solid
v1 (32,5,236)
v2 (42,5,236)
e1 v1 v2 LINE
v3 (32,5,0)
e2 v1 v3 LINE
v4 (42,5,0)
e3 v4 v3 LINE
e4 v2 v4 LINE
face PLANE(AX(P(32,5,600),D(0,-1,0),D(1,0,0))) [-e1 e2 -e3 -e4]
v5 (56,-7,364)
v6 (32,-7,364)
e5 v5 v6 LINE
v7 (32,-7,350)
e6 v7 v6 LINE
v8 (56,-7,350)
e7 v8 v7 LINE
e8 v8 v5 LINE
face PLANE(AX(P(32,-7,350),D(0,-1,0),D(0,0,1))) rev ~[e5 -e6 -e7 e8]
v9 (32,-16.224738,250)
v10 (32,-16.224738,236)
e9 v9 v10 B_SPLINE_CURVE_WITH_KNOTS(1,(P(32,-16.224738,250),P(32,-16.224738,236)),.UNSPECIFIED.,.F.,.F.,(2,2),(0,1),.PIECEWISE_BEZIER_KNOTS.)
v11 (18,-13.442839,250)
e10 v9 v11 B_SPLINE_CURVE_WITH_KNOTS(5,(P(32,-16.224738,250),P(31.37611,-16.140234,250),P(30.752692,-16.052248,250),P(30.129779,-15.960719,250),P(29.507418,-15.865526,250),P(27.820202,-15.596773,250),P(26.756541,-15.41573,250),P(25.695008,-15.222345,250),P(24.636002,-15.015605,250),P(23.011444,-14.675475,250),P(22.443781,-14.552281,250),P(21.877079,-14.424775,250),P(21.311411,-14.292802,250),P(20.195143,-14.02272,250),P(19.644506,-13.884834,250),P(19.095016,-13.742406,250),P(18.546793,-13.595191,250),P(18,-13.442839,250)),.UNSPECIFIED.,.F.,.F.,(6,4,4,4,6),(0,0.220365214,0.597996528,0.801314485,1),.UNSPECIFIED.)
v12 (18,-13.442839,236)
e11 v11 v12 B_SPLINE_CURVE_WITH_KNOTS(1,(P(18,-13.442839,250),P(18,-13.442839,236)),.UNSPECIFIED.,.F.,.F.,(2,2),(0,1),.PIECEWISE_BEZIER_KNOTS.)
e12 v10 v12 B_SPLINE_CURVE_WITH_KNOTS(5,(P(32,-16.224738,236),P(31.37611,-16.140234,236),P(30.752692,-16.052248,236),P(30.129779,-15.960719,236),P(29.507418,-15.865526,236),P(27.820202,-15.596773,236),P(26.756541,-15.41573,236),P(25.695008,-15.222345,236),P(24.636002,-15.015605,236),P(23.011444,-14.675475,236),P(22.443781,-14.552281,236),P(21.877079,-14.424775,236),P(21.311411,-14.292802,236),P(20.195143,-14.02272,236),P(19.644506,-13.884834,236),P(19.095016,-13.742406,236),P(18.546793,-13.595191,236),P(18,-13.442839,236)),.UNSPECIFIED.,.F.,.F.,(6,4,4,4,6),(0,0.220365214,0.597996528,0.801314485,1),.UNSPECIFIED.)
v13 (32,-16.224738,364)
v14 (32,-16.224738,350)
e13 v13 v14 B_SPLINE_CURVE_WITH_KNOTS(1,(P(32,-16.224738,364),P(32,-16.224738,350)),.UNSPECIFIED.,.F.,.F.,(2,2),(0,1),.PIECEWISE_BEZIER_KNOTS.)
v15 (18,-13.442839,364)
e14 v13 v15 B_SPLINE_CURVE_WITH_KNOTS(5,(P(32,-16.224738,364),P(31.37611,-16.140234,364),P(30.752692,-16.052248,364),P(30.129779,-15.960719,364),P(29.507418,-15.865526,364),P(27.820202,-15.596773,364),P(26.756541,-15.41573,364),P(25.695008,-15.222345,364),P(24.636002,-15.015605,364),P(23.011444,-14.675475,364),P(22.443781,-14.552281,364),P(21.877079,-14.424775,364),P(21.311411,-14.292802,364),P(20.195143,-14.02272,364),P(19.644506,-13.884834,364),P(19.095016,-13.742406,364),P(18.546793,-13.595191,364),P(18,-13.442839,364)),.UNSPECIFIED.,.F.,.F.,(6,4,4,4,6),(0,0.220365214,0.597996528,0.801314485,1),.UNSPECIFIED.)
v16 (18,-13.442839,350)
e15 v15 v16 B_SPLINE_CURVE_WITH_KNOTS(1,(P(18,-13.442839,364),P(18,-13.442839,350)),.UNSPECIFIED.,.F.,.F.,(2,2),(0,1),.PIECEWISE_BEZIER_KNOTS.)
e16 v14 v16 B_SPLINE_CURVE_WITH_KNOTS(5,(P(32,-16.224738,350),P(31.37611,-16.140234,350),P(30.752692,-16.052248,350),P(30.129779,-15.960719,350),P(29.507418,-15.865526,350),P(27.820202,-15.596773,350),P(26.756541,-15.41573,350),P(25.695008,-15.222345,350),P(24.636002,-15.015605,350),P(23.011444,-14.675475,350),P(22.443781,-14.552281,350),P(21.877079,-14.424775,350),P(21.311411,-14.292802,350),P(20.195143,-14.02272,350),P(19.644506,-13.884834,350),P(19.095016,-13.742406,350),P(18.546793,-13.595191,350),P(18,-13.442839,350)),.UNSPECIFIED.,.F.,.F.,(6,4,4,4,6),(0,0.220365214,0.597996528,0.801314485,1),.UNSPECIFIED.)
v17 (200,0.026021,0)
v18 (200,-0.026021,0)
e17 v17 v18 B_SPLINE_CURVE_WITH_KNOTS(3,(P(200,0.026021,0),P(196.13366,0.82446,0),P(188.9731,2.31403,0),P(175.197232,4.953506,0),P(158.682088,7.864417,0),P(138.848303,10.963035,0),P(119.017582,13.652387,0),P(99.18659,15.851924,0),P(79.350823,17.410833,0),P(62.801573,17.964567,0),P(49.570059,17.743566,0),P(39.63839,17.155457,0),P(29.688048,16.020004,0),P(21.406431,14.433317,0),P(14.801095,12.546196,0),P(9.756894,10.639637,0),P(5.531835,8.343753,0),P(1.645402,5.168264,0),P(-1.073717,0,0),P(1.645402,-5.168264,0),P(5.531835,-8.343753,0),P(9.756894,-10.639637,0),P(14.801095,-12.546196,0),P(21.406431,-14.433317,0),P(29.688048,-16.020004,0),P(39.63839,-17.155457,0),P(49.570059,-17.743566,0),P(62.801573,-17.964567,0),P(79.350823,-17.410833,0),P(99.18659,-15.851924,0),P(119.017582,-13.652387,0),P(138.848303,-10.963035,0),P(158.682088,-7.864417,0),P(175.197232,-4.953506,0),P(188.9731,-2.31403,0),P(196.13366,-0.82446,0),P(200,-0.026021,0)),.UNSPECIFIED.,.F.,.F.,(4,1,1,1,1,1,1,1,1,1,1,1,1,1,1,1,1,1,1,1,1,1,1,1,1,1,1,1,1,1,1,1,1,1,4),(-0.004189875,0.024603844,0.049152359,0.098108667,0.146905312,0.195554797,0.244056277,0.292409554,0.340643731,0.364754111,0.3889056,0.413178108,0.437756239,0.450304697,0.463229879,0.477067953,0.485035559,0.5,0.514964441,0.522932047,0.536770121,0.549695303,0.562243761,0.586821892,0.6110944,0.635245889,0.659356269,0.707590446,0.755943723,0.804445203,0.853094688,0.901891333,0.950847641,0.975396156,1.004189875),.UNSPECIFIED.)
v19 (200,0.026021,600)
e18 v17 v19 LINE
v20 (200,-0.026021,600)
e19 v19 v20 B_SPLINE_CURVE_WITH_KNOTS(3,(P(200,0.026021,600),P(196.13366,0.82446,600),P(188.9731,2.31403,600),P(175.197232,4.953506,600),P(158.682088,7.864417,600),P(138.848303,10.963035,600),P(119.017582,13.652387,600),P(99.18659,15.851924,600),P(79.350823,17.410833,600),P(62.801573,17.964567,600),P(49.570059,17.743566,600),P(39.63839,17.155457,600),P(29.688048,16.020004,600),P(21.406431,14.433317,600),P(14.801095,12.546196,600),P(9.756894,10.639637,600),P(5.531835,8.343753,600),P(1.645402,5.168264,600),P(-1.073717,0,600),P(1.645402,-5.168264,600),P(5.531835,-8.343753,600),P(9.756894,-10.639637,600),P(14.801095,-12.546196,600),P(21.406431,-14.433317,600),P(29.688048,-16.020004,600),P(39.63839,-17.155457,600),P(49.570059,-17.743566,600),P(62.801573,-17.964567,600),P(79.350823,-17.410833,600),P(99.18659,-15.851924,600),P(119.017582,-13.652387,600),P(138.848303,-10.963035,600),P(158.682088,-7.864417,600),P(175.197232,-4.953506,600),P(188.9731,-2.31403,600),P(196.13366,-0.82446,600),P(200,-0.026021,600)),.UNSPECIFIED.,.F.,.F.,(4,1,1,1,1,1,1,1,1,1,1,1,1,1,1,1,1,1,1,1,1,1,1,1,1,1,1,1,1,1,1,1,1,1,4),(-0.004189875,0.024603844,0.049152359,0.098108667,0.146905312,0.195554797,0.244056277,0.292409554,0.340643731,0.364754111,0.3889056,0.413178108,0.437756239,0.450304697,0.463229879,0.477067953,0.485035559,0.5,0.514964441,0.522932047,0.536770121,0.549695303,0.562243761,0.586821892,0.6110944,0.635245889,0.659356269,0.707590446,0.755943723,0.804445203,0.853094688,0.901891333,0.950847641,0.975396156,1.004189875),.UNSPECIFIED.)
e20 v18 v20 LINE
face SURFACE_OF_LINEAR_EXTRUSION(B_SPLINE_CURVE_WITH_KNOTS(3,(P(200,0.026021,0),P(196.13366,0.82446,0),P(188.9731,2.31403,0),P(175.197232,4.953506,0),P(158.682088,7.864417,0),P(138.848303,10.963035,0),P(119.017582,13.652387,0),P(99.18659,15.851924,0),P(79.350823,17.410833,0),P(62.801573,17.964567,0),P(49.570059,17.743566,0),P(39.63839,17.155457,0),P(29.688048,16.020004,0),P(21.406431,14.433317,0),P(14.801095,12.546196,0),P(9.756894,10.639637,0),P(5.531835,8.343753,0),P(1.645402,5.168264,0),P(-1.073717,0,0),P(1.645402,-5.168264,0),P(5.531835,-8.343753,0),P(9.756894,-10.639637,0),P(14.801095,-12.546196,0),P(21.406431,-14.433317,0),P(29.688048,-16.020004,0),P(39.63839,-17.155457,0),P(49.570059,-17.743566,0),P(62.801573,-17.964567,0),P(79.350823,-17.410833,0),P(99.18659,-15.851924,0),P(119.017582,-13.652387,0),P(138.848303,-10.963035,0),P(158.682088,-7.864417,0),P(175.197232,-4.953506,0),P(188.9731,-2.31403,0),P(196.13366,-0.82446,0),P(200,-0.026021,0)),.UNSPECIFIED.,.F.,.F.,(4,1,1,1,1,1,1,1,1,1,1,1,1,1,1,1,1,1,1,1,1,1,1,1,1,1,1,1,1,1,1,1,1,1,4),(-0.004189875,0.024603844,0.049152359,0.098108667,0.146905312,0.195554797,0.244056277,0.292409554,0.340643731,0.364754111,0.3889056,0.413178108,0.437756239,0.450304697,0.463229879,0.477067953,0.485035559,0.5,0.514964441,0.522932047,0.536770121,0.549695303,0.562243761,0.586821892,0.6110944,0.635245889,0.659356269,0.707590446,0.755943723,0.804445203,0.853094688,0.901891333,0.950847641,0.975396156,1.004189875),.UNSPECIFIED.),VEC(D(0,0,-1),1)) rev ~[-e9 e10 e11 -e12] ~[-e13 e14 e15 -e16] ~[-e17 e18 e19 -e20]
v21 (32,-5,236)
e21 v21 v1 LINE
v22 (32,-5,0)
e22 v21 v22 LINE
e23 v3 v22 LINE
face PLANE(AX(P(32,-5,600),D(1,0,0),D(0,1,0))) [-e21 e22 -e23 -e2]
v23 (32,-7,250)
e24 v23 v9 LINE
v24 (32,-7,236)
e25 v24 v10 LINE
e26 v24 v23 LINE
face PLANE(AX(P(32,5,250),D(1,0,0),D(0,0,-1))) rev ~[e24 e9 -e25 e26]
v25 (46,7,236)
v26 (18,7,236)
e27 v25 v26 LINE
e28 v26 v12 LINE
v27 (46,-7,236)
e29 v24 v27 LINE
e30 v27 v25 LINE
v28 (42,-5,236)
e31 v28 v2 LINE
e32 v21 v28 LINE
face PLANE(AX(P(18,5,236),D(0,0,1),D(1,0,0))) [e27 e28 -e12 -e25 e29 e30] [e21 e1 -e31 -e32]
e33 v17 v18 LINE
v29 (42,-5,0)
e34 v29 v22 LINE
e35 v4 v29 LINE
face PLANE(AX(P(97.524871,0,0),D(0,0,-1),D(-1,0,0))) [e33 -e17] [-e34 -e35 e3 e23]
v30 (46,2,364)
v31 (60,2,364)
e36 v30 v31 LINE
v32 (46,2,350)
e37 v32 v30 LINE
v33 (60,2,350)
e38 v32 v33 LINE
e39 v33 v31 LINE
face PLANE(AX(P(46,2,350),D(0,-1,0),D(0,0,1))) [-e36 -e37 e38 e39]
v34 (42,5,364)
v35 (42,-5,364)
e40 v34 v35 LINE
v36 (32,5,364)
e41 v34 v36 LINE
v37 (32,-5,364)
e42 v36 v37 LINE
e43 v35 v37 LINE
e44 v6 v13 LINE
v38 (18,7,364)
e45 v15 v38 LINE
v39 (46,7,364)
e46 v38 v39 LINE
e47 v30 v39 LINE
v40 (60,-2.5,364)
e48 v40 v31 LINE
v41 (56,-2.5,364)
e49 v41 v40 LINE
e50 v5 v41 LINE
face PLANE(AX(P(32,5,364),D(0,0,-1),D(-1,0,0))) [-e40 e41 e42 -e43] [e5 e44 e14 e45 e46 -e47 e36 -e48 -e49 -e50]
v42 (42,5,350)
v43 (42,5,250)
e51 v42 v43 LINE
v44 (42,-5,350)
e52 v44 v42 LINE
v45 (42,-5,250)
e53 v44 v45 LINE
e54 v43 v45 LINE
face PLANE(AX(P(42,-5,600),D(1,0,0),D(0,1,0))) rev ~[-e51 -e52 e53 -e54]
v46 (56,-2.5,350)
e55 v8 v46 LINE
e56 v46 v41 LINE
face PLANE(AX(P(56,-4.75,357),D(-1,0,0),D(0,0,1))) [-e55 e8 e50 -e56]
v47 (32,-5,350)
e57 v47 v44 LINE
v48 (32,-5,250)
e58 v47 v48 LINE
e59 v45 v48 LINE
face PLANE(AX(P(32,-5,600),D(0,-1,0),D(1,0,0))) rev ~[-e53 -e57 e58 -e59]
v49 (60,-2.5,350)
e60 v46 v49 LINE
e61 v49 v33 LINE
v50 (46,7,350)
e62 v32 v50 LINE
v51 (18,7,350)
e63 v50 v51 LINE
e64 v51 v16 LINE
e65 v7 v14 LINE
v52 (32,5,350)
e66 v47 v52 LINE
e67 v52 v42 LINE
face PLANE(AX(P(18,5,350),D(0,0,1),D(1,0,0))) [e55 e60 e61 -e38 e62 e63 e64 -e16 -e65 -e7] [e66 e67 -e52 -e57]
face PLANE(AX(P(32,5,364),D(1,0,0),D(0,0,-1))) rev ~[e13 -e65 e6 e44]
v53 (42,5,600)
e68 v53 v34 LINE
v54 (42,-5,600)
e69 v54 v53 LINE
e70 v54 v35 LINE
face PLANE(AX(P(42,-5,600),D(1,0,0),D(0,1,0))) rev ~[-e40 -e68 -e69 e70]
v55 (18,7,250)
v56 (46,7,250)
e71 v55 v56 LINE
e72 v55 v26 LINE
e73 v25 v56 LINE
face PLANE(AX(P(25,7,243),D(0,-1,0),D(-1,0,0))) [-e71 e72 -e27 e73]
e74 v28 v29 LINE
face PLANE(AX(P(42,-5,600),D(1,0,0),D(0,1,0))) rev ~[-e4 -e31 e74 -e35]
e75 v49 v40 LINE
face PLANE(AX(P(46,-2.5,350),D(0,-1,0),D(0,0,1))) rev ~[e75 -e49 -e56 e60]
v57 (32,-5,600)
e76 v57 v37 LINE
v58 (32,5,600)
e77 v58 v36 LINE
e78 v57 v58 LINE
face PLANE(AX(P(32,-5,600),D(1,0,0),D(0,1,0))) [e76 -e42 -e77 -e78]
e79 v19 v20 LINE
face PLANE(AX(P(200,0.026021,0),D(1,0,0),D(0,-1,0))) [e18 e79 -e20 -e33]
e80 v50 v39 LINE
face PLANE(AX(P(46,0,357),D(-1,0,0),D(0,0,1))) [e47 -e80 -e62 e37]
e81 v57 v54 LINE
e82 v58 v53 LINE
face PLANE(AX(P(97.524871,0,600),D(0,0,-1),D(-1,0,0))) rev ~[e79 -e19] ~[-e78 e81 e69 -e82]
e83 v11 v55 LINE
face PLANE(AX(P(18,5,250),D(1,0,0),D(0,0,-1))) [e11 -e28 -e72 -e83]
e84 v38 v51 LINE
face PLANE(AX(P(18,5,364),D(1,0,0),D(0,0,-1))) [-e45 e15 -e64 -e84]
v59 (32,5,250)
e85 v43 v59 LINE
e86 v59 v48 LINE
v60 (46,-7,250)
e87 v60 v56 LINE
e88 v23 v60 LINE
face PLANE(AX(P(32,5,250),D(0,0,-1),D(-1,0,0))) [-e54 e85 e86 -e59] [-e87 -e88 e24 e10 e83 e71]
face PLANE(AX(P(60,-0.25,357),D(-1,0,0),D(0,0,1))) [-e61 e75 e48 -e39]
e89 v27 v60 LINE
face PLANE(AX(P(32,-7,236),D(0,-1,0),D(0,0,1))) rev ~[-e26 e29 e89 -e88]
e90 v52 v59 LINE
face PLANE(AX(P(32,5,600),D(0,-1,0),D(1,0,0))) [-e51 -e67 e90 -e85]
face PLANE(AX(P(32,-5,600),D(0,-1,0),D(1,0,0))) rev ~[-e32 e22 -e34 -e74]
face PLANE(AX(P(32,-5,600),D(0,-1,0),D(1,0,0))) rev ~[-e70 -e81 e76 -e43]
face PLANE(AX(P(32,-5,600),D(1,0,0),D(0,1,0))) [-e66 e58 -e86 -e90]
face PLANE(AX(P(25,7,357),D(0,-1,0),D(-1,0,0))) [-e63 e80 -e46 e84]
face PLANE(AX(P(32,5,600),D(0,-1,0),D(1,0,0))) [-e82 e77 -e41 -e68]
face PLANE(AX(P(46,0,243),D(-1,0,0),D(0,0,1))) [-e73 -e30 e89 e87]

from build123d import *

# Parameters (mm, degrees)
BOSS_EXTRUDE1_DEPTH     = 600
SKETCH6_W               = 10
SKETCH6_H               = 5
CUT_EXTRUDE2_DEPTH      = 656
SKETCH8_W               = 10
SKETCH8_H               = 14
SKETCH8_W_2             = 2
CUT_EXTRUDE4_DEPTH      = 42
CUT_EXTRUDE4_DEPTH_BACK = 2
SKETCH9_W               = 14
SKETCH9_H               = 14
CUT_EXTRUDE5_DEPTH      = 14
SKETCH10_W              = 14
SKETCH10_H              = 14
CUT_EXTRUDE6_DEPTH      = 14
SKETCH11_W              = 10
SKETCH11_H              = 10
CUT_EXTRUDE7_DEPTH      = 654
SKETCH12_W              = 10
SKETCH12_H              = 10
BOSS_EXTRUDE3_DEPTH     = 600
SKETCH13_W              = 10
SKETCH13_H              = 14
CUT_EXTRUDE8_DEPTH      = 10
SKETCH14_W              = 10
SKETCH14_H              = 14
CUT_EXTRUDE9_DEPTH      = 10
SKETCH16_W              = 14
SKETCH16_H              = 4.5
CUT_EXTRUDE10_DEPTH     = 10
SKETCH17_W              = 14
SKETCH17_H              = 4.5
CUT_EXTRUDE11_DEPTH     = 14


with BuildPart() as part:
    # Sketch2 → Boss-Extrude1 (new body)
    with BuildSketch(Plane.XY):
        with BuildLine():
            Line((200, 0.026021305), (200, -0.026021313))
            add(Edge.make_bspline(
                [(200, 0.026021305), (196.133660298, 0.824460007), (188.973100367, 2.314029776), (175.197231938, 4.95350612), (158.682087923, 7.864416996), (138.848303334, 10.963035098), (119.017582397, 13.652387002), (99.186590163, 15.851924276), (79.350823181, 17.41083287), (62.801573061, 17.964567123), (49.570059005, 17.74356646), (39.638389621, 17.155457266), (29.688048318, 16.020003739), (21.406431266, 14.43331701), (14.801094645, 12.546196453), (9.75689383, 10.639636938), (5.531834741, 8.343752603), (1.645401824, 5.168264306), (-1.073716587, 0), (1.645401824, -5.168264306), (5.53183474, -8.343752603), (9.756893829, -10.639636938), (14.801094645, -12.546196453), (21.406431266, -14.43331701), (29.688048318, -16.02000374), (39.63838962, -17.155457267), (49.570059005, -17.743566462), (62.801573061, -17.964567125), (79.350823181, -17.410832873), (99.186590162, -15.85192428), (119.017582396, -13.652387007), (138.848303334, -10.963035103), (158.682087923, -7.864417002), (175.197231937, -4.953506127), (188.973100367, -2.314029784), (196.133660298, -0.824460015), (200, -0.026021313)],
                knots=[-0.004189875, -0.004189875, -0.004189875, -0.004189875, 0.024603844, 0.049152359, 0.098108667, 0.146905312, 0.195554797, 0.244056277, 0.292409554, 0.340643731, 0.364754111, 0.3889056, 0.413178108, 0.437756239, 0.450304697, 0.463229879, 0.477067953, 0.485035559, 0.5, 0.514964441, 0.522932047, 0.536770121, 0.549695303, 0.562243761, 0.586821892, 0.6110944, 0.635245889, 0.659356269, 0.707590446, 0.755943723, 0.804445203, 0.853094688, 0.901891333, 0.950847641, 0.975396156, 1.004189875, 1.004189875, 1.004189875, 1.004189875], degree=3))
        make_face()
    extrude(amount=BOSS_EXTRUDE1_DEPTH)

    # Sketch6 → Cut-Extrude2 (cut)
    with BuildSketch(Plane.XY.offset(600)):
        with Locations((25, 2.5)):
            Rectangle(SKETCH6_W, SKETCH6_H)
        with Locations((25, -2.5)):
            Rectangle(SKETCH6_W, SKETCH6_H)
    extrude(amount=-CUT_EXTRUDE2_DEPTH, mode=Mode.SUBTRACT)

    # Sketch8 → Cut-Extrude4 (cut, two sides)
    with BuildSketch(Plane(origin=(0, 5, 0), x_dir=(-1, 0, 0), z_dir=(0, -1, 0))) as cut_extrude4_sk:
        with Locations((-25, -243)):
            Rectangle(SKETCH8_W, SKETCH8_H)
        with Locations((-25, -357)):
            Rectangle(SKETCH8_W, SKETCH8_H)
        with Locations((-19, -357)):
            Rectangle(SKETCH8_W_2, SKETCH8_H)
        with Locations((-31, -357)):
            Rectangle(SKETCH8_W_2, SKETCH8_H)
        with Locations((-19, -243)):
            Rectangle(SKETCH8_W_2, SKETCH8_H)
        with Locations((-31, -243)):
            Rectangle(SKETCH8_W_2, SKETCH8_H)
    extrude(amount=CUT_EXTRUDE4_DEPTH, mode=Mode.SUBTRACT)
    extrude(cut_extrude4_sk.sketch, amount=-CUT_EXTRUDE4_DEPTH_BACK, mode=Mode.SUBTRACT)

    # Sketch9 → Cut-Extrude5 (cut)
    with BuildSketch(Plane.ZY.offset(-32)):
        with Locations((357, 0)):
            Rectangle(SKETCH9_W, SKETCH9_H)
    extrude(amount=-CUT_EXTRUDE5_DEPTH, mode=Mode.SUBTRACT)

    # Sketch10 → Cut-Extrude6 (cut)
    with BuildSketch(Plane.ZY.offset(-32)):
        with Locations((243, 0)):
            Rectangle(SKETCH10_W, SKETCH10_H)
    extrude(amount=-CUT_EXTRUDE6_DEPTH, mode=Mode.SUBTRACT)

    # Sketch11 → Cut-Extrude7 (cut)
    with BuildSketch(Plane.XY.offset(600)):
        with Locations((37, 0)):
            Rectangle(SKETCH11_W, SKETCH11_H)
    extrude(amount=-CUT_EXTRUDE7_DEPTH, mode=Mode.SUBTRACT)

    # Sketch12 → Boss-Extrude3 (add)
    with BuildSketch(Plane.XY.offset(600)):
        with Locations((25, 0)):
            Rectangle(SKETCH12_W, SKETCH12_H)
    extrude(amount=-BOSS_EXTRUDE3_DEPTH)

    # Sketch13 → Cut-Extrude8 (cut)
    with BuildSketch(Plane(origin=(0, -5, 0), x_dir=(-1, 0, 0), z_dir=(0, -1, 0))):
        with Locations((-25, -243)):
            Rectangle(SKETCH13_W, SKETCH13_H)
    extrude(amount=-CUT_EXTRUDE8_DEPTH, mode=Mode.SUBTRACT)

    # Sketch14 → Cut-Extrude9 (cut)
    with BuildSketch(Plane(origin=(0, -5, 0), x_dir=(-1, 0, 0), z_dir=(0, -1, 0))):
        with Locations((-25, -357)):
            Rectangle(SKETCH14_W, SKETCH14_H)
    extrude(amount=-CUT_EXTRUDE9_DEPTH, mode=Mode.SUBTRACT)

    # Sketch16 → Cut-Extrude10 (cut)
    with BuildSketch(Plane.ZY.offset(-46)):
        with Locations((357, -4.75)):
            Rectangle(SKETCH16_W, SKETCH16_H)
    extrude(amount=-CUT_EXTRUDE10_DEPTH, mode=Mode.SUBTRACT)

    # Sketch17 → Cut-Extrude11 (cut)
    with BuildSketch(Plane.ZY.offset(-46)):
        with Locations((357, -0.25)):
            Rectangle(SKETCH17_W, SKETCH17_H)
    extrude(amount=-CUT_EXTRUDE11_DEPTH, mode=Mode.SUBTRACT)


solid = part.part
